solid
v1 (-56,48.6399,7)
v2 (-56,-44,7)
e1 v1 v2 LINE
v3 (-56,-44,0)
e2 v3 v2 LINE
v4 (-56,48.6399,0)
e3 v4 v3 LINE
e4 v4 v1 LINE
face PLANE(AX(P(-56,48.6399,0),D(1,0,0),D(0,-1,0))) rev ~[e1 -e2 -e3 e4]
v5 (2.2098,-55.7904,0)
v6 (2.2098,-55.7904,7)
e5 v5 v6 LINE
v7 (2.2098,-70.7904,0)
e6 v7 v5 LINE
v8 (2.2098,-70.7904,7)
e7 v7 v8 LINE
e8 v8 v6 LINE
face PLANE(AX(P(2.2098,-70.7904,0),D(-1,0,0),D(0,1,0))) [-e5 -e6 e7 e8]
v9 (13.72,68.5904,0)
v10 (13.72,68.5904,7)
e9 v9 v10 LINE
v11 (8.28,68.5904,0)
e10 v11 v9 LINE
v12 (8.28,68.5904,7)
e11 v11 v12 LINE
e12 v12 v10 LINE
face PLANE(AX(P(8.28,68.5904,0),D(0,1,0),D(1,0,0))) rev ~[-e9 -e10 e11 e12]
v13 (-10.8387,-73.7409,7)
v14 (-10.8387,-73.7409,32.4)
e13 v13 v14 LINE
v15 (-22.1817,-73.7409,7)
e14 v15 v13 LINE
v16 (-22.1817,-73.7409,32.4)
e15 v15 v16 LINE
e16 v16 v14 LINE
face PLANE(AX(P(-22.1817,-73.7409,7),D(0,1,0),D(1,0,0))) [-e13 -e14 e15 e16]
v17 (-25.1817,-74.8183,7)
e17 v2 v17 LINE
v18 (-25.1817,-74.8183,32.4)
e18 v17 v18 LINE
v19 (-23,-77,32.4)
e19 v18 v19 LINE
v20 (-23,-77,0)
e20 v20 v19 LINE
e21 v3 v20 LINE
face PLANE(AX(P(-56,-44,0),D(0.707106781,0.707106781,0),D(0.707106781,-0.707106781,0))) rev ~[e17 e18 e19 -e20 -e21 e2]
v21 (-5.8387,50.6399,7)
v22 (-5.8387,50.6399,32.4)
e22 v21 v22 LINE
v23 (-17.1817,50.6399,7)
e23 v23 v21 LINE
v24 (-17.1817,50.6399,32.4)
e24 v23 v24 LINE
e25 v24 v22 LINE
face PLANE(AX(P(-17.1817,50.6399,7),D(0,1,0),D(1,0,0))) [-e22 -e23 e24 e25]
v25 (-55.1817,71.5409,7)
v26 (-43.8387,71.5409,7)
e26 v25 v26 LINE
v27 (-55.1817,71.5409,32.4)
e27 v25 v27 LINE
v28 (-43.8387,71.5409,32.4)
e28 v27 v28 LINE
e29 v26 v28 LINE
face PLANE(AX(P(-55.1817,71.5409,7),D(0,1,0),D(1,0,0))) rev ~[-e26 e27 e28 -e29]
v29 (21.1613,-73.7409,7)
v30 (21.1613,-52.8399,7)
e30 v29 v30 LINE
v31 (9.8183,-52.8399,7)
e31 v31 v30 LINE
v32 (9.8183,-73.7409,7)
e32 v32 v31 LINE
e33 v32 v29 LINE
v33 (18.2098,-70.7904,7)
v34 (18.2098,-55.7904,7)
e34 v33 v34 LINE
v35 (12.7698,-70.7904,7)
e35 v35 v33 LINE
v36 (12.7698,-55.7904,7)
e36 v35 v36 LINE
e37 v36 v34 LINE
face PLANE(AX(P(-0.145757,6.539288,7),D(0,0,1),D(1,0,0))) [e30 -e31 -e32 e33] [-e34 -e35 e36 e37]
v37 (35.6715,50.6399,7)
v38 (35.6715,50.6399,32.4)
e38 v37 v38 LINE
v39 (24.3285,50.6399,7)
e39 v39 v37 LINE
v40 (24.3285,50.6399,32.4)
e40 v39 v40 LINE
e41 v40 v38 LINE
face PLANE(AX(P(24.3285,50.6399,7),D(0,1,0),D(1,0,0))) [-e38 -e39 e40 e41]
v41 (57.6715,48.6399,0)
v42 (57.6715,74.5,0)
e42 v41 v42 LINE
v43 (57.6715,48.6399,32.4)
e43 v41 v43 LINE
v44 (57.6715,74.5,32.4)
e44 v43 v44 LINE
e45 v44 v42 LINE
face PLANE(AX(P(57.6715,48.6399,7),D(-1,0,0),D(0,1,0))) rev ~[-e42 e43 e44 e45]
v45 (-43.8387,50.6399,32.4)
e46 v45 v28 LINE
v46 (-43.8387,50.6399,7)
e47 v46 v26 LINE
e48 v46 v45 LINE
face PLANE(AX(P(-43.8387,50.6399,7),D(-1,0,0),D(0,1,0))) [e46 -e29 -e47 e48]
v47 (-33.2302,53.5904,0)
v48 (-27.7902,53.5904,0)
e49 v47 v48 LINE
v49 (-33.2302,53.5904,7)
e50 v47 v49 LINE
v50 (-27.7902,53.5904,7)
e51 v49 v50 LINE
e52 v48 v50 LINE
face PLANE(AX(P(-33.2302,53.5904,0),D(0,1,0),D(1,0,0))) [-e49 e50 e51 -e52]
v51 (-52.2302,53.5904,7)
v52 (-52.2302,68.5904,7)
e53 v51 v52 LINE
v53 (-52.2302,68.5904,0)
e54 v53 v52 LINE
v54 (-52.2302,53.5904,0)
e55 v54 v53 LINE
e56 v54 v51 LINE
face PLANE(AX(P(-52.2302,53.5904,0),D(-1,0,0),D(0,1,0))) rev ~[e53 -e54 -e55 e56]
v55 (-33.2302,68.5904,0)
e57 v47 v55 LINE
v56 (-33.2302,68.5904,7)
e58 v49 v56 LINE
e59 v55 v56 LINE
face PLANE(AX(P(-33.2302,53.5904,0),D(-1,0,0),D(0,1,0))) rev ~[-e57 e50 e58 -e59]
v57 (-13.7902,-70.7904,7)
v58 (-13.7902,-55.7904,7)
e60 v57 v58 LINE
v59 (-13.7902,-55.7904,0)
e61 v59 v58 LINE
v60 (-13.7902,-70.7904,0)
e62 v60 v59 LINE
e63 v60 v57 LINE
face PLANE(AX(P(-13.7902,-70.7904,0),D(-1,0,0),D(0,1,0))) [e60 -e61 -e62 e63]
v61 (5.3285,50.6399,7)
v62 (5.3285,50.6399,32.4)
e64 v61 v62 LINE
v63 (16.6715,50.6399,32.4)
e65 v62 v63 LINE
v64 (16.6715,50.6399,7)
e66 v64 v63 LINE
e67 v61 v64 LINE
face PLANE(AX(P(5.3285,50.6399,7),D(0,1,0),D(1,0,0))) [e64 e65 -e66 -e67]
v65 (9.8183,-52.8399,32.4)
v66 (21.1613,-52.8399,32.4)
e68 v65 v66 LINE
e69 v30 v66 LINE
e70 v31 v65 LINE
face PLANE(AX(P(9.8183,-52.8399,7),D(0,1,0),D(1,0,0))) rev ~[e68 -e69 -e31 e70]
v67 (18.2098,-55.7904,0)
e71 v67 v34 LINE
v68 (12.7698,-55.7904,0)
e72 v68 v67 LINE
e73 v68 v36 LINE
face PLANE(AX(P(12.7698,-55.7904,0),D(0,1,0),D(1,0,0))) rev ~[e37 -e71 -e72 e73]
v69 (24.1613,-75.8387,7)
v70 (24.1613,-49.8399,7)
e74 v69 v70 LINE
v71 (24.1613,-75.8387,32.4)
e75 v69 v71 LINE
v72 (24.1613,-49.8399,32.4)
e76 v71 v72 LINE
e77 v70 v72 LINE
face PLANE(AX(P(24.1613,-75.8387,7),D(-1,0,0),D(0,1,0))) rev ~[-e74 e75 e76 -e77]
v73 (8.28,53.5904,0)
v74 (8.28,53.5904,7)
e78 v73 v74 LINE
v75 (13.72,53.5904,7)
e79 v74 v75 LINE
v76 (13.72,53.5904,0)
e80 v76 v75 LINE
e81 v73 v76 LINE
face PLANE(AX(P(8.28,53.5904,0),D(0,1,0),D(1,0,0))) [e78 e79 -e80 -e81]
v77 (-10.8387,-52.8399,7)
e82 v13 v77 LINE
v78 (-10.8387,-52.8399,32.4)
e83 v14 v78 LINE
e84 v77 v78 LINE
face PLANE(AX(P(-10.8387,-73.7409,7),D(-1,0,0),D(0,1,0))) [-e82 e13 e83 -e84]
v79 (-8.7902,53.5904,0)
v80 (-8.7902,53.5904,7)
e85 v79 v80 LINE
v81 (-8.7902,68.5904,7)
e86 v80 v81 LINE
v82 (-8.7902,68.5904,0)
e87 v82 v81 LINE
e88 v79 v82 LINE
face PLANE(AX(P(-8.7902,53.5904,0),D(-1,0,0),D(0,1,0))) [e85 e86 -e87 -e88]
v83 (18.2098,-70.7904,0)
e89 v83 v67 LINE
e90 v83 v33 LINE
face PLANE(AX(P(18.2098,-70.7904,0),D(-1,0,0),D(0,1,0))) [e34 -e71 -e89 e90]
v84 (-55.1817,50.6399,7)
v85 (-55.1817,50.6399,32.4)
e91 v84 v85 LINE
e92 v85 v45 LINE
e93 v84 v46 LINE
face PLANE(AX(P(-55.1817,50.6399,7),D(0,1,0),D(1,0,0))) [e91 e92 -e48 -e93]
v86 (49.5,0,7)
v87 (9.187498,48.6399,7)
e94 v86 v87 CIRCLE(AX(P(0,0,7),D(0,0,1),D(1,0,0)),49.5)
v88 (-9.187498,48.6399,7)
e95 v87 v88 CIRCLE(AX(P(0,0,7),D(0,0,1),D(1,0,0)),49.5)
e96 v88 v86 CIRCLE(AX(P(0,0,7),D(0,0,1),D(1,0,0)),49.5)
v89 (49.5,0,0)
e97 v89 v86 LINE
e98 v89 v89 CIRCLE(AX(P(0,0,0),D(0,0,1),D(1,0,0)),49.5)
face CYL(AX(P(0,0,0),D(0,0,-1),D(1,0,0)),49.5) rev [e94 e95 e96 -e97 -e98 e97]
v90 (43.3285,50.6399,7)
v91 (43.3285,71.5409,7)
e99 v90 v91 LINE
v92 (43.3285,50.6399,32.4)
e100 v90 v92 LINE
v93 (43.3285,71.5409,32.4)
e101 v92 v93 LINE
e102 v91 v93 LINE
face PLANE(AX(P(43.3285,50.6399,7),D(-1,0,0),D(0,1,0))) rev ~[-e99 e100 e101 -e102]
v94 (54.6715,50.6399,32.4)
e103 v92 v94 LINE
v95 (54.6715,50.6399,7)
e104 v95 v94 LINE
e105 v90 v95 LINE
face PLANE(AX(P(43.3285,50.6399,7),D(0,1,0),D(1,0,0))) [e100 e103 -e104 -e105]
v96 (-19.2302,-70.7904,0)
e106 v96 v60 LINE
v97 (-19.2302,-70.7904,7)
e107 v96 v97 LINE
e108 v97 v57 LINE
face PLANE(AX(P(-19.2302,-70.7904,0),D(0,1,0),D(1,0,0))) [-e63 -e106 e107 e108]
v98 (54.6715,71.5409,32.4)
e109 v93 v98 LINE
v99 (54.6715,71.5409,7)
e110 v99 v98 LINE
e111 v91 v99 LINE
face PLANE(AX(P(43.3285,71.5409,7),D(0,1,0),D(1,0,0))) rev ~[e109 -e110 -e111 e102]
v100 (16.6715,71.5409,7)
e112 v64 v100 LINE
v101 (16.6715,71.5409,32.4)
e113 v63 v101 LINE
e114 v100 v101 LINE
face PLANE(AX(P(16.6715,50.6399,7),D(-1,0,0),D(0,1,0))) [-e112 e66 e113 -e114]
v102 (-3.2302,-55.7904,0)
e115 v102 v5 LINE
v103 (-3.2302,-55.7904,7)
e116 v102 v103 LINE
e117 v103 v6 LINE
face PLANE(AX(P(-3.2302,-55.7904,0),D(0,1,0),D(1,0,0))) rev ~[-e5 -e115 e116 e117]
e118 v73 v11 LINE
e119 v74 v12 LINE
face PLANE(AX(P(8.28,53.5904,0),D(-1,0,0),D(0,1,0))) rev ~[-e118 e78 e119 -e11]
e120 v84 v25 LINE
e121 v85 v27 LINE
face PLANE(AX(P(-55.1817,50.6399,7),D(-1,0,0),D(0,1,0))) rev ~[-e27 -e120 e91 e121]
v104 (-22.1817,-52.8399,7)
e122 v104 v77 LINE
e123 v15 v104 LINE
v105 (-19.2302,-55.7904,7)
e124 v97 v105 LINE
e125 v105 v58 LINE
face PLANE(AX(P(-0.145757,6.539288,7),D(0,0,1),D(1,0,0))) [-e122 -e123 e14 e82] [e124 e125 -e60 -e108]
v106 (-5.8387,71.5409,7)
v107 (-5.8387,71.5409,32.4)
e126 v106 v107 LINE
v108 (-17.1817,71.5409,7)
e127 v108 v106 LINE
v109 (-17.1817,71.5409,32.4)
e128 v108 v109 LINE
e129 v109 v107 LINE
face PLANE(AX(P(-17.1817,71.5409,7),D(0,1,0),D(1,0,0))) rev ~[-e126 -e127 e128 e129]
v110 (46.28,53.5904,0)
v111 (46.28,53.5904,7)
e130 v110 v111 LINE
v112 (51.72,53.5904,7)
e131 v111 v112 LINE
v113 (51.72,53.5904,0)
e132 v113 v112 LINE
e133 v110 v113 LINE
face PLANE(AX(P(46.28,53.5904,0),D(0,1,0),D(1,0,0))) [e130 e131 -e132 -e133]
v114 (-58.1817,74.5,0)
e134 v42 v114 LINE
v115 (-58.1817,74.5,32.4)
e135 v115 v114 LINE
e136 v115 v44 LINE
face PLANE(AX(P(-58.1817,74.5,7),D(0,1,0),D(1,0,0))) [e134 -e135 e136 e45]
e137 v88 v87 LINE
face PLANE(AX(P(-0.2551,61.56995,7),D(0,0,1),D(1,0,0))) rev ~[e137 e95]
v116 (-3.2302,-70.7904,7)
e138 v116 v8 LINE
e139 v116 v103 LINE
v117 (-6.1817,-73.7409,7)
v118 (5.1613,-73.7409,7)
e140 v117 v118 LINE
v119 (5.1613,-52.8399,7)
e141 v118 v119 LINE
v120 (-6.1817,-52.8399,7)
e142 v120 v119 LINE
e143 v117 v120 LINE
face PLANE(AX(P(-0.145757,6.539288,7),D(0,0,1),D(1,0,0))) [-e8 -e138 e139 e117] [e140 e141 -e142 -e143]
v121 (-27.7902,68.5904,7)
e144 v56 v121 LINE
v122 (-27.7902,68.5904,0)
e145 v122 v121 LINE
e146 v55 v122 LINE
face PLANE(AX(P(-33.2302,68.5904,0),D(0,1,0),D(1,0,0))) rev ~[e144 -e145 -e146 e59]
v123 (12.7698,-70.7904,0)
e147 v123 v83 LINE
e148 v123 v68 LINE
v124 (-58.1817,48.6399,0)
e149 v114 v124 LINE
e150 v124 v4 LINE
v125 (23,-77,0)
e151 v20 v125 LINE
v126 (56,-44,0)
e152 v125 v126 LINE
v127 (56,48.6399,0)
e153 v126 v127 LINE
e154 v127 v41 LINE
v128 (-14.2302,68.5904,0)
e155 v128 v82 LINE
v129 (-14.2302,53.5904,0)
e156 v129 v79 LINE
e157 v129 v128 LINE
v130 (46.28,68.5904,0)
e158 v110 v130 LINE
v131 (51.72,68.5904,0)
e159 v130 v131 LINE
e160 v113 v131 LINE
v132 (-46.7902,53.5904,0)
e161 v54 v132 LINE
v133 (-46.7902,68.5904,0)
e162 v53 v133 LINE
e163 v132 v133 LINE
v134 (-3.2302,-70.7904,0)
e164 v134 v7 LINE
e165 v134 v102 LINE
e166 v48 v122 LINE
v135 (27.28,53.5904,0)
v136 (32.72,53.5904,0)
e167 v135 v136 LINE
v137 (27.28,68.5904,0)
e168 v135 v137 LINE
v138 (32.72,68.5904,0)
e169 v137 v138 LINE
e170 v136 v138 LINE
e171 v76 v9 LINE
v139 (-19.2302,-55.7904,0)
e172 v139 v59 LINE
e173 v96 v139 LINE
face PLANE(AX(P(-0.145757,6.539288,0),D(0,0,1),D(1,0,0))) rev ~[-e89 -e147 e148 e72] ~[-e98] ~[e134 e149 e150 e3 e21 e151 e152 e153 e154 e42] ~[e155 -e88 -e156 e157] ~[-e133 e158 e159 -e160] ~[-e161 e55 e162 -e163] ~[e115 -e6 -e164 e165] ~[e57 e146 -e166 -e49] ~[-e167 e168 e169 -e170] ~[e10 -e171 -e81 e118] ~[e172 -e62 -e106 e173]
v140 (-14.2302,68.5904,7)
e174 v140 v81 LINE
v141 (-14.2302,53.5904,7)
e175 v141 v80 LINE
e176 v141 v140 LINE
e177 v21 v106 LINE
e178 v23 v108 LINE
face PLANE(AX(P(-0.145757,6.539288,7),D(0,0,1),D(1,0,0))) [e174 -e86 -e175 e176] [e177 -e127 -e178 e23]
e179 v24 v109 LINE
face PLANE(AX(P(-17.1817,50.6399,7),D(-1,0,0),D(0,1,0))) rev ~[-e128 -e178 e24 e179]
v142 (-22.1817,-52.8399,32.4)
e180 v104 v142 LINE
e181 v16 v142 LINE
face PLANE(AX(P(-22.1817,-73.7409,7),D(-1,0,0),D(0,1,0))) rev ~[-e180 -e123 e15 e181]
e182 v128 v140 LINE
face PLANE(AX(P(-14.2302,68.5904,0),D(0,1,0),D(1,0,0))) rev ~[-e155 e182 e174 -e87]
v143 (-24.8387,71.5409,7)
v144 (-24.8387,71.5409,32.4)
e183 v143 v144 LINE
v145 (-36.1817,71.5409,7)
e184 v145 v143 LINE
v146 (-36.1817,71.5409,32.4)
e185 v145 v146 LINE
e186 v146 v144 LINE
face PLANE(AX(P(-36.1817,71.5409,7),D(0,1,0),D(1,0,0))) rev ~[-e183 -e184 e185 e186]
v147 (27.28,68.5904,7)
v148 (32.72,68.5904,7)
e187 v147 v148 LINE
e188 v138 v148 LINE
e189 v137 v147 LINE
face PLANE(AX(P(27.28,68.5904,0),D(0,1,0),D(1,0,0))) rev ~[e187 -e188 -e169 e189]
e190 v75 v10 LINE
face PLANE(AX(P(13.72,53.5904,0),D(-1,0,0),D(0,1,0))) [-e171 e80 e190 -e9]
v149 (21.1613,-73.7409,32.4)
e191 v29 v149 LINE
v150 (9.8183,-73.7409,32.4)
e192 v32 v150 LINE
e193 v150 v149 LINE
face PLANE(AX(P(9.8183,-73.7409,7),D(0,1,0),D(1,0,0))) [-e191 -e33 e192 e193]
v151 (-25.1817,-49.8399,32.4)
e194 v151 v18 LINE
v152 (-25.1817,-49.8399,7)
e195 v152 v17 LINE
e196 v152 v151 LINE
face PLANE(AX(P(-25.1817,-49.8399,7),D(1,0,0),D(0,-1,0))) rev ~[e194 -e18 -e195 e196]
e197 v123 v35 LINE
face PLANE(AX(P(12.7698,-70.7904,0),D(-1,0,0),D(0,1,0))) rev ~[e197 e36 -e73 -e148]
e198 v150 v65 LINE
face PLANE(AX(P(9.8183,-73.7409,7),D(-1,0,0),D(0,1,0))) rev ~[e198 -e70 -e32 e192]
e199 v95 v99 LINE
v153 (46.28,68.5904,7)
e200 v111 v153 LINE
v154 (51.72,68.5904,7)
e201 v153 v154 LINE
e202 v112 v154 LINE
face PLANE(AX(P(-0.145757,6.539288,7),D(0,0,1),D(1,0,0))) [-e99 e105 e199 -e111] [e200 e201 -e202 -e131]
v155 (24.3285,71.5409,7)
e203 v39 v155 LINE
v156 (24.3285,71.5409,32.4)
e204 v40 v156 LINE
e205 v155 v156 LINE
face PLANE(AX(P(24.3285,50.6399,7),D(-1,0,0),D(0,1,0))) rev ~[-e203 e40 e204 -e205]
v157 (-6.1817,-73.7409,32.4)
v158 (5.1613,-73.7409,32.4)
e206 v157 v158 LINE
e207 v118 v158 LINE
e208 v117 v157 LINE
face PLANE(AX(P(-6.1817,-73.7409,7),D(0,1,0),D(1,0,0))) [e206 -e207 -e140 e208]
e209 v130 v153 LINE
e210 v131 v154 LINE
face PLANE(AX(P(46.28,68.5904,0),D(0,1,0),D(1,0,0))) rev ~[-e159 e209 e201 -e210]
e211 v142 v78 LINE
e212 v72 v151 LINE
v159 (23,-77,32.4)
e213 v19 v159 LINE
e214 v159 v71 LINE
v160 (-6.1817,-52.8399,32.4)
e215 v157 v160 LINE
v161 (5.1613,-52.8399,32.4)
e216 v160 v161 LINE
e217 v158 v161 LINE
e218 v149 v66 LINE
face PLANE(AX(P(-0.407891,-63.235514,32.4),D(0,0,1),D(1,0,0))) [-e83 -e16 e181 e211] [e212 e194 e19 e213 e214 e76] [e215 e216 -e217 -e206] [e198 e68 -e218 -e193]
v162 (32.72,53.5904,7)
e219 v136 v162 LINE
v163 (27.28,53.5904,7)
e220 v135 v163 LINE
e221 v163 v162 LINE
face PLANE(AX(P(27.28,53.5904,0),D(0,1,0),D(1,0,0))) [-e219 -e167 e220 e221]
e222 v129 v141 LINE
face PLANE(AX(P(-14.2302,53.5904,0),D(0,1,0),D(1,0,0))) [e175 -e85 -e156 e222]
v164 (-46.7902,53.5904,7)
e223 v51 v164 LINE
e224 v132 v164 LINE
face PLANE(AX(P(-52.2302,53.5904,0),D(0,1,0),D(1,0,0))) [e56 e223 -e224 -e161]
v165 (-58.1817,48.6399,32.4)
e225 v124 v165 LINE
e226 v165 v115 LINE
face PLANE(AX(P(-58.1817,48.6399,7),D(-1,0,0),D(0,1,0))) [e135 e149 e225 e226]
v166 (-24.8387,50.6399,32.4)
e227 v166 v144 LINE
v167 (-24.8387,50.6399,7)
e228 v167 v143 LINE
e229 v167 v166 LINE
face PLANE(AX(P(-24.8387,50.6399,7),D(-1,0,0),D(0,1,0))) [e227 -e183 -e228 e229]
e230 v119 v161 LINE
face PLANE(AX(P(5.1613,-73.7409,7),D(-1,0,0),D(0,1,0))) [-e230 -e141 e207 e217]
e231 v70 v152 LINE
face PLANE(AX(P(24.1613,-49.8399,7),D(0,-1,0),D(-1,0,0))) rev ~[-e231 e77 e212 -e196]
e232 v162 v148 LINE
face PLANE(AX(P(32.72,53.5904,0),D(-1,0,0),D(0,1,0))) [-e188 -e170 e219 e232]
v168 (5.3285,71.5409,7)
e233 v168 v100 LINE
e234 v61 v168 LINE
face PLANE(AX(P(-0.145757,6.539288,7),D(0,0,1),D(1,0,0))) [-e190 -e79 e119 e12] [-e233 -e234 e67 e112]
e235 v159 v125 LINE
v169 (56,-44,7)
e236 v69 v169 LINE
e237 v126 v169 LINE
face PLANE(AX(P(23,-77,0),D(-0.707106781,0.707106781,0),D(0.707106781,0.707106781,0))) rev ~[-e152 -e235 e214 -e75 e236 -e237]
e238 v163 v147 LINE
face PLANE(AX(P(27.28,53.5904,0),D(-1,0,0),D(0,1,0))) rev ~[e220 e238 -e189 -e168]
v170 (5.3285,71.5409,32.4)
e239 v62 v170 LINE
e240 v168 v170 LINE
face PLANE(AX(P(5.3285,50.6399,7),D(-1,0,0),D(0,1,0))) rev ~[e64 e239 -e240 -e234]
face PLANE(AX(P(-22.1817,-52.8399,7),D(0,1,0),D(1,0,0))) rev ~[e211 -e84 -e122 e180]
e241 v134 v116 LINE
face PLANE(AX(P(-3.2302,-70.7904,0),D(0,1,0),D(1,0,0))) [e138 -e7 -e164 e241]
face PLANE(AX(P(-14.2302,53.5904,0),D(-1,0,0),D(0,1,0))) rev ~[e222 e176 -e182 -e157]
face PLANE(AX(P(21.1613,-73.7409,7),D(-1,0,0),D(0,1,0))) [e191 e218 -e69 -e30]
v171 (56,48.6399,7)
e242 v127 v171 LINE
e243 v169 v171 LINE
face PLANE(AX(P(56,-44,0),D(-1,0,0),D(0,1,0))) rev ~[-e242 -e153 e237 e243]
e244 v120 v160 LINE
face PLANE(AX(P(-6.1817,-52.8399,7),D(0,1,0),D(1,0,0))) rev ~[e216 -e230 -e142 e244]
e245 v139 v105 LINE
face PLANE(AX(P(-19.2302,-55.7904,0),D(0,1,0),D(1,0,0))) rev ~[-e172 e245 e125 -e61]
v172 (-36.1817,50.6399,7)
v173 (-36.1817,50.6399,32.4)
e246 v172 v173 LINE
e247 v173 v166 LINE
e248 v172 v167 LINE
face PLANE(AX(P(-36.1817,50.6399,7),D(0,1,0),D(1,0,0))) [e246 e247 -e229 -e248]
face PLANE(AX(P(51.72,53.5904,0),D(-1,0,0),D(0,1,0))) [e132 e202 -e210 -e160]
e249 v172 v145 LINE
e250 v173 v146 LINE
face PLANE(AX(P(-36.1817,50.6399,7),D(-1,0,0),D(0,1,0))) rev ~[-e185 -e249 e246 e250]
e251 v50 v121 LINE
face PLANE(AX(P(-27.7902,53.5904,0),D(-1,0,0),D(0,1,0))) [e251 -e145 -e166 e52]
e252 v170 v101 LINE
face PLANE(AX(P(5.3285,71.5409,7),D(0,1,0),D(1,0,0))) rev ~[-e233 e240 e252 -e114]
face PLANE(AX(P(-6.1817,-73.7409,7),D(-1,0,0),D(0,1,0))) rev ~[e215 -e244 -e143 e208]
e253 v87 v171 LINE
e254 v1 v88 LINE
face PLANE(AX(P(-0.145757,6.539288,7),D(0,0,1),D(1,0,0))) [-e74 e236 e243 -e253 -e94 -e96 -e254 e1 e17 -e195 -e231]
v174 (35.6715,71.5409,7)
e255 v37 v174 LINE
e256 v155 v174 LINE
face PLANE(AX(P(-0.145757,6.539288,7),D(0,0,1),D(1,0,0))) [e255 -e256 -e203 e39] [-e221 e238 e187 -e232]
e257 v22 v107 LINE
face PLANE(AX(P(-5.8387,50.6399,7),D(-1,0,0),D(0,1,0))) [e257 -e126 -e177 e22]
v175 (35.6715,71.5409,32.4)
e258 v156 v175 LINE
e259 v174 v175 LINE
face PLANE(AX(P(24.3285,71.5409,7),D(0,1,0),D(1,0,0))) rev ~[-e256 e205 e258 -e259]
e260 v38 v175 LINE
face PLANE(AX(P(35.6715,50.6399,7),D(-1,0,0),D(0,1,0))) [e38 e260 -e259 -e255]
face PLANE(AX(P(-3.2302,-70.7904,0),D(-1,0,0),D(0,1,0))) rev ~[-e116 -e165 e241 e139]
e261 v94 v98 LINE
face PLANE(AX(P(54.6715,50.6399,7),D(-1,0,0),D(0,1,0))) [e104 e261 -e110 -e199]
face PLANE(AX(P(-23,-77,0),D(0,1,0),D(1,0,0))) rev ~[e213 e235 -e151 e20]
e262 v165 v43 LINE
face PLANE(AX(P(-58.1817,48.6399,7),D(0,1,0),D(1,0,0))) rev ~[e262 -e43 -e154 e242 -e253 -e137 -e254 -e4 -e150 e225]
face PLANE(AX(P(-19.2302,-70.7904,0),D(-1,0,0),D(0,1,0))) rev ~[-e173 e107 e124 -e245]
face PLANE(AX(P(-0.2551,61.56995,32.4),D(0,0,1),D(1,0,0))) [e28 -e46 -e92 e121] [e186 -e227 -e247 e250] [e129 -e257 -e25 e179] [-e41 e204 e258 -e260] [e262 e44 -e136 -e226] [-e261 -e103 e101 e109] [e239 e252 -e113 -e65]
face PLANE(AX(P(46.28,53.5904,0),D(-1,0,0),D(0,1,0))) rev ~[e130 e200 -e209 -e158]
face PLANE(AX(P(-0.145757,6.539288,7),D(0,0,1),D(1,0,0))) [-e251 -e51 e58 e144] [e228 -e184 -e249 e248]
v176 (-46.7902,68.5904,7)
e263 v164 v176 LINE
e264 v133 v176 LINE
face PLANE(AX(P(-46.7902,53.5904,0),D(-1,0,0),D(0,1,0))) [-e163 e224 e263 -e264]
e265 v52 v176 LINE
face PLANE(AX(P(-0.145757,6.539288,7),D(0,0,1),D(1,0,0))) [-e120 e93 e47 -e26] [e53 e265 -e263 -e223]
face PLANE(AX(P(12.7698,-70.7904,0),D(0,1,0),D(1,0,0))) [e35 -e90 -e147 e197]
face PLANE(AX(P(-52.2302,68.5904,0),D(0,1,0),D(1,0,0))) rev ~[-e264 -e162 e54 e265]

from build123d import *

# Parameters (mm, degrees)
SKETCH2_R           = 49.5
SKETCH2_W           = 5.44
SKETCH2_H           = 15
BOSS_EXTRUDE1_DEPTH = 7
BOSS_EXTRUDE2_START = 7
SKETCH2_3_W         = 115.8532
SKETCH2_3_H         = 25.8601
SKETCH2_3_W_2       = 11.343
SKETCH2_3_H_2       = 20.901
BOSS_EXTRUDE2_DEPTH = 25.4


with BuildPart() as part:
    # Sketch2 → Boss-Extrude1 (new body)
    with BuildSketch(Plane.XY):
        Polygon((-58.1817, 74.5), (-58.1817, 48.6399), (-56, 48.6399), (-56, -44), (-23, -77), (23, -77), (56, -44), (56, 48.6399), (57.6715, 48.6399), (57.6715, 74.5), align=None)
        Circle(SKETCH2_R, mode=Mode.SUBTRACT)
        with Locations((-16.5102, -63.2904)):
            Rectangle(SKETCH2_W, SKETCH2_H, mode=Mode.SUBTRACT)
        with Locations((-30.5102, 61.0904)):
            Rectangle(SKETCH2_W, SKETCH2_H, mode=Mode.SUBTRACT)
        with Locations((-49.5102, 61.0904)):
            Rectangle(SKETCH2_W, SKETCH2_H, mode=Mode.SUBTRACT)
        with Locations((-11.5102, 61.0904)):
            Rectangle(SKETCH2_W, SKETCH2_H, mode=Mode.SUBTRACT)
        with Locations((49, 61.0904)):
            Rectangle(SKETCH2_W, SKETCH2_H, mode=Mode.SUBTRACT)
        with Locations((30, 61.0904)):
            Rectangle(SKETCH2_W, SKETCH2_H, mode=Mode.SUBTRACT)
        with Locations((11, 61.0904)):
            Rectangle(SKETCH2_W, SKETCH2_H, mode=Mode.SUBTRACT)
        with Locations((-0.5102, -63.2904)):
            Rectangle(SKETCH2_W, SKETCH2_H, mode=Mode.SUBTRACT)
        with Locations((15.4898, -63.2904)):
            Rectangle(SKETCH2_W, SKETCH2_H, mode=Mode.SUBTRACT)
    extrude(amount=BOSS_EXTRUDE1_DEPTH)

    # Sketch2<3> → Boss-Extrude2 (add)
    # profile 1 of 2: a face of its own
    with BuildSketch(Plane.XY.offset(BOSS_EXTRUDE2_START)):
        with Locations((-0.2551, 61.56995)):
            Rectangle(SKETCH2_3_W, SKETCH2_3_H)
        with Locations((49, 61.0904)):
            Rectangle(SKETCH2_3_W_2, SKETCH2_3_H_2, mode=Mode.SUBTRACT)
        with Locations((-49.5102, 61.0904)):
            Rectangle(SKETCH2_3_W_2, SKETCH2_3_H_2, mode=Mode.SUBTRACT)
        with Locations((-30.5102, 61.0904)):
            Rectangle(SKETCH2_3_W_2, SKETCH2_3_H_2, mode=Mode.SUBTRACT)
        with Locations((-11.5102, 61.0904)):
            Rectangle(SKETCH2_3_W_2, SKETCH2_3_H_2, mode=Mode.SUBTRACT)
        with Locations((11, 61.0904)):
            Rectangle(SKETCH2_3_W_2, SKETCH2_3_H_2, mode=Mode.SUBTRACT)
        with Locations((30, 61.0904)):
            Rectangle(SKETCH2_3_W_2, SKETCH2_3_H_2, mode=Mode.SUBTRACT)
    # profile 2 of 2: a face of its own
    with BuildSketch(Plane.XY.offset(BOSS_EXTRUDE2_START)):
        Polygon((-25.1817, -49.8399), (-25.1817, -74.8183), (-23, -77), (23, -77), (24.1613, -75.8387), (24.1613, -49.8399), align=None)
        with Locations((-16.5102, -63.2904)):
            Rectangle(SKETCH2_3_W_2, SKETCH2_3_H_2, mode=Mode.SUBTRACT)
        with Locations((-0.5102, -63.2904)):
            Rectangle(SKETCH2_3_W_2, SKETCH2_3_H_2, mode=Mode.SUBTRACT)
        with Locations((15.4898, -63.2904)):
            Rectangle(SKETCH2_3_W_2, SKETCH2_3_H_2, mode=Mode.SUBTRACT)
    extrude(amount=BOSS_EXTRUDE2_DEPTH)


solid = part.part
